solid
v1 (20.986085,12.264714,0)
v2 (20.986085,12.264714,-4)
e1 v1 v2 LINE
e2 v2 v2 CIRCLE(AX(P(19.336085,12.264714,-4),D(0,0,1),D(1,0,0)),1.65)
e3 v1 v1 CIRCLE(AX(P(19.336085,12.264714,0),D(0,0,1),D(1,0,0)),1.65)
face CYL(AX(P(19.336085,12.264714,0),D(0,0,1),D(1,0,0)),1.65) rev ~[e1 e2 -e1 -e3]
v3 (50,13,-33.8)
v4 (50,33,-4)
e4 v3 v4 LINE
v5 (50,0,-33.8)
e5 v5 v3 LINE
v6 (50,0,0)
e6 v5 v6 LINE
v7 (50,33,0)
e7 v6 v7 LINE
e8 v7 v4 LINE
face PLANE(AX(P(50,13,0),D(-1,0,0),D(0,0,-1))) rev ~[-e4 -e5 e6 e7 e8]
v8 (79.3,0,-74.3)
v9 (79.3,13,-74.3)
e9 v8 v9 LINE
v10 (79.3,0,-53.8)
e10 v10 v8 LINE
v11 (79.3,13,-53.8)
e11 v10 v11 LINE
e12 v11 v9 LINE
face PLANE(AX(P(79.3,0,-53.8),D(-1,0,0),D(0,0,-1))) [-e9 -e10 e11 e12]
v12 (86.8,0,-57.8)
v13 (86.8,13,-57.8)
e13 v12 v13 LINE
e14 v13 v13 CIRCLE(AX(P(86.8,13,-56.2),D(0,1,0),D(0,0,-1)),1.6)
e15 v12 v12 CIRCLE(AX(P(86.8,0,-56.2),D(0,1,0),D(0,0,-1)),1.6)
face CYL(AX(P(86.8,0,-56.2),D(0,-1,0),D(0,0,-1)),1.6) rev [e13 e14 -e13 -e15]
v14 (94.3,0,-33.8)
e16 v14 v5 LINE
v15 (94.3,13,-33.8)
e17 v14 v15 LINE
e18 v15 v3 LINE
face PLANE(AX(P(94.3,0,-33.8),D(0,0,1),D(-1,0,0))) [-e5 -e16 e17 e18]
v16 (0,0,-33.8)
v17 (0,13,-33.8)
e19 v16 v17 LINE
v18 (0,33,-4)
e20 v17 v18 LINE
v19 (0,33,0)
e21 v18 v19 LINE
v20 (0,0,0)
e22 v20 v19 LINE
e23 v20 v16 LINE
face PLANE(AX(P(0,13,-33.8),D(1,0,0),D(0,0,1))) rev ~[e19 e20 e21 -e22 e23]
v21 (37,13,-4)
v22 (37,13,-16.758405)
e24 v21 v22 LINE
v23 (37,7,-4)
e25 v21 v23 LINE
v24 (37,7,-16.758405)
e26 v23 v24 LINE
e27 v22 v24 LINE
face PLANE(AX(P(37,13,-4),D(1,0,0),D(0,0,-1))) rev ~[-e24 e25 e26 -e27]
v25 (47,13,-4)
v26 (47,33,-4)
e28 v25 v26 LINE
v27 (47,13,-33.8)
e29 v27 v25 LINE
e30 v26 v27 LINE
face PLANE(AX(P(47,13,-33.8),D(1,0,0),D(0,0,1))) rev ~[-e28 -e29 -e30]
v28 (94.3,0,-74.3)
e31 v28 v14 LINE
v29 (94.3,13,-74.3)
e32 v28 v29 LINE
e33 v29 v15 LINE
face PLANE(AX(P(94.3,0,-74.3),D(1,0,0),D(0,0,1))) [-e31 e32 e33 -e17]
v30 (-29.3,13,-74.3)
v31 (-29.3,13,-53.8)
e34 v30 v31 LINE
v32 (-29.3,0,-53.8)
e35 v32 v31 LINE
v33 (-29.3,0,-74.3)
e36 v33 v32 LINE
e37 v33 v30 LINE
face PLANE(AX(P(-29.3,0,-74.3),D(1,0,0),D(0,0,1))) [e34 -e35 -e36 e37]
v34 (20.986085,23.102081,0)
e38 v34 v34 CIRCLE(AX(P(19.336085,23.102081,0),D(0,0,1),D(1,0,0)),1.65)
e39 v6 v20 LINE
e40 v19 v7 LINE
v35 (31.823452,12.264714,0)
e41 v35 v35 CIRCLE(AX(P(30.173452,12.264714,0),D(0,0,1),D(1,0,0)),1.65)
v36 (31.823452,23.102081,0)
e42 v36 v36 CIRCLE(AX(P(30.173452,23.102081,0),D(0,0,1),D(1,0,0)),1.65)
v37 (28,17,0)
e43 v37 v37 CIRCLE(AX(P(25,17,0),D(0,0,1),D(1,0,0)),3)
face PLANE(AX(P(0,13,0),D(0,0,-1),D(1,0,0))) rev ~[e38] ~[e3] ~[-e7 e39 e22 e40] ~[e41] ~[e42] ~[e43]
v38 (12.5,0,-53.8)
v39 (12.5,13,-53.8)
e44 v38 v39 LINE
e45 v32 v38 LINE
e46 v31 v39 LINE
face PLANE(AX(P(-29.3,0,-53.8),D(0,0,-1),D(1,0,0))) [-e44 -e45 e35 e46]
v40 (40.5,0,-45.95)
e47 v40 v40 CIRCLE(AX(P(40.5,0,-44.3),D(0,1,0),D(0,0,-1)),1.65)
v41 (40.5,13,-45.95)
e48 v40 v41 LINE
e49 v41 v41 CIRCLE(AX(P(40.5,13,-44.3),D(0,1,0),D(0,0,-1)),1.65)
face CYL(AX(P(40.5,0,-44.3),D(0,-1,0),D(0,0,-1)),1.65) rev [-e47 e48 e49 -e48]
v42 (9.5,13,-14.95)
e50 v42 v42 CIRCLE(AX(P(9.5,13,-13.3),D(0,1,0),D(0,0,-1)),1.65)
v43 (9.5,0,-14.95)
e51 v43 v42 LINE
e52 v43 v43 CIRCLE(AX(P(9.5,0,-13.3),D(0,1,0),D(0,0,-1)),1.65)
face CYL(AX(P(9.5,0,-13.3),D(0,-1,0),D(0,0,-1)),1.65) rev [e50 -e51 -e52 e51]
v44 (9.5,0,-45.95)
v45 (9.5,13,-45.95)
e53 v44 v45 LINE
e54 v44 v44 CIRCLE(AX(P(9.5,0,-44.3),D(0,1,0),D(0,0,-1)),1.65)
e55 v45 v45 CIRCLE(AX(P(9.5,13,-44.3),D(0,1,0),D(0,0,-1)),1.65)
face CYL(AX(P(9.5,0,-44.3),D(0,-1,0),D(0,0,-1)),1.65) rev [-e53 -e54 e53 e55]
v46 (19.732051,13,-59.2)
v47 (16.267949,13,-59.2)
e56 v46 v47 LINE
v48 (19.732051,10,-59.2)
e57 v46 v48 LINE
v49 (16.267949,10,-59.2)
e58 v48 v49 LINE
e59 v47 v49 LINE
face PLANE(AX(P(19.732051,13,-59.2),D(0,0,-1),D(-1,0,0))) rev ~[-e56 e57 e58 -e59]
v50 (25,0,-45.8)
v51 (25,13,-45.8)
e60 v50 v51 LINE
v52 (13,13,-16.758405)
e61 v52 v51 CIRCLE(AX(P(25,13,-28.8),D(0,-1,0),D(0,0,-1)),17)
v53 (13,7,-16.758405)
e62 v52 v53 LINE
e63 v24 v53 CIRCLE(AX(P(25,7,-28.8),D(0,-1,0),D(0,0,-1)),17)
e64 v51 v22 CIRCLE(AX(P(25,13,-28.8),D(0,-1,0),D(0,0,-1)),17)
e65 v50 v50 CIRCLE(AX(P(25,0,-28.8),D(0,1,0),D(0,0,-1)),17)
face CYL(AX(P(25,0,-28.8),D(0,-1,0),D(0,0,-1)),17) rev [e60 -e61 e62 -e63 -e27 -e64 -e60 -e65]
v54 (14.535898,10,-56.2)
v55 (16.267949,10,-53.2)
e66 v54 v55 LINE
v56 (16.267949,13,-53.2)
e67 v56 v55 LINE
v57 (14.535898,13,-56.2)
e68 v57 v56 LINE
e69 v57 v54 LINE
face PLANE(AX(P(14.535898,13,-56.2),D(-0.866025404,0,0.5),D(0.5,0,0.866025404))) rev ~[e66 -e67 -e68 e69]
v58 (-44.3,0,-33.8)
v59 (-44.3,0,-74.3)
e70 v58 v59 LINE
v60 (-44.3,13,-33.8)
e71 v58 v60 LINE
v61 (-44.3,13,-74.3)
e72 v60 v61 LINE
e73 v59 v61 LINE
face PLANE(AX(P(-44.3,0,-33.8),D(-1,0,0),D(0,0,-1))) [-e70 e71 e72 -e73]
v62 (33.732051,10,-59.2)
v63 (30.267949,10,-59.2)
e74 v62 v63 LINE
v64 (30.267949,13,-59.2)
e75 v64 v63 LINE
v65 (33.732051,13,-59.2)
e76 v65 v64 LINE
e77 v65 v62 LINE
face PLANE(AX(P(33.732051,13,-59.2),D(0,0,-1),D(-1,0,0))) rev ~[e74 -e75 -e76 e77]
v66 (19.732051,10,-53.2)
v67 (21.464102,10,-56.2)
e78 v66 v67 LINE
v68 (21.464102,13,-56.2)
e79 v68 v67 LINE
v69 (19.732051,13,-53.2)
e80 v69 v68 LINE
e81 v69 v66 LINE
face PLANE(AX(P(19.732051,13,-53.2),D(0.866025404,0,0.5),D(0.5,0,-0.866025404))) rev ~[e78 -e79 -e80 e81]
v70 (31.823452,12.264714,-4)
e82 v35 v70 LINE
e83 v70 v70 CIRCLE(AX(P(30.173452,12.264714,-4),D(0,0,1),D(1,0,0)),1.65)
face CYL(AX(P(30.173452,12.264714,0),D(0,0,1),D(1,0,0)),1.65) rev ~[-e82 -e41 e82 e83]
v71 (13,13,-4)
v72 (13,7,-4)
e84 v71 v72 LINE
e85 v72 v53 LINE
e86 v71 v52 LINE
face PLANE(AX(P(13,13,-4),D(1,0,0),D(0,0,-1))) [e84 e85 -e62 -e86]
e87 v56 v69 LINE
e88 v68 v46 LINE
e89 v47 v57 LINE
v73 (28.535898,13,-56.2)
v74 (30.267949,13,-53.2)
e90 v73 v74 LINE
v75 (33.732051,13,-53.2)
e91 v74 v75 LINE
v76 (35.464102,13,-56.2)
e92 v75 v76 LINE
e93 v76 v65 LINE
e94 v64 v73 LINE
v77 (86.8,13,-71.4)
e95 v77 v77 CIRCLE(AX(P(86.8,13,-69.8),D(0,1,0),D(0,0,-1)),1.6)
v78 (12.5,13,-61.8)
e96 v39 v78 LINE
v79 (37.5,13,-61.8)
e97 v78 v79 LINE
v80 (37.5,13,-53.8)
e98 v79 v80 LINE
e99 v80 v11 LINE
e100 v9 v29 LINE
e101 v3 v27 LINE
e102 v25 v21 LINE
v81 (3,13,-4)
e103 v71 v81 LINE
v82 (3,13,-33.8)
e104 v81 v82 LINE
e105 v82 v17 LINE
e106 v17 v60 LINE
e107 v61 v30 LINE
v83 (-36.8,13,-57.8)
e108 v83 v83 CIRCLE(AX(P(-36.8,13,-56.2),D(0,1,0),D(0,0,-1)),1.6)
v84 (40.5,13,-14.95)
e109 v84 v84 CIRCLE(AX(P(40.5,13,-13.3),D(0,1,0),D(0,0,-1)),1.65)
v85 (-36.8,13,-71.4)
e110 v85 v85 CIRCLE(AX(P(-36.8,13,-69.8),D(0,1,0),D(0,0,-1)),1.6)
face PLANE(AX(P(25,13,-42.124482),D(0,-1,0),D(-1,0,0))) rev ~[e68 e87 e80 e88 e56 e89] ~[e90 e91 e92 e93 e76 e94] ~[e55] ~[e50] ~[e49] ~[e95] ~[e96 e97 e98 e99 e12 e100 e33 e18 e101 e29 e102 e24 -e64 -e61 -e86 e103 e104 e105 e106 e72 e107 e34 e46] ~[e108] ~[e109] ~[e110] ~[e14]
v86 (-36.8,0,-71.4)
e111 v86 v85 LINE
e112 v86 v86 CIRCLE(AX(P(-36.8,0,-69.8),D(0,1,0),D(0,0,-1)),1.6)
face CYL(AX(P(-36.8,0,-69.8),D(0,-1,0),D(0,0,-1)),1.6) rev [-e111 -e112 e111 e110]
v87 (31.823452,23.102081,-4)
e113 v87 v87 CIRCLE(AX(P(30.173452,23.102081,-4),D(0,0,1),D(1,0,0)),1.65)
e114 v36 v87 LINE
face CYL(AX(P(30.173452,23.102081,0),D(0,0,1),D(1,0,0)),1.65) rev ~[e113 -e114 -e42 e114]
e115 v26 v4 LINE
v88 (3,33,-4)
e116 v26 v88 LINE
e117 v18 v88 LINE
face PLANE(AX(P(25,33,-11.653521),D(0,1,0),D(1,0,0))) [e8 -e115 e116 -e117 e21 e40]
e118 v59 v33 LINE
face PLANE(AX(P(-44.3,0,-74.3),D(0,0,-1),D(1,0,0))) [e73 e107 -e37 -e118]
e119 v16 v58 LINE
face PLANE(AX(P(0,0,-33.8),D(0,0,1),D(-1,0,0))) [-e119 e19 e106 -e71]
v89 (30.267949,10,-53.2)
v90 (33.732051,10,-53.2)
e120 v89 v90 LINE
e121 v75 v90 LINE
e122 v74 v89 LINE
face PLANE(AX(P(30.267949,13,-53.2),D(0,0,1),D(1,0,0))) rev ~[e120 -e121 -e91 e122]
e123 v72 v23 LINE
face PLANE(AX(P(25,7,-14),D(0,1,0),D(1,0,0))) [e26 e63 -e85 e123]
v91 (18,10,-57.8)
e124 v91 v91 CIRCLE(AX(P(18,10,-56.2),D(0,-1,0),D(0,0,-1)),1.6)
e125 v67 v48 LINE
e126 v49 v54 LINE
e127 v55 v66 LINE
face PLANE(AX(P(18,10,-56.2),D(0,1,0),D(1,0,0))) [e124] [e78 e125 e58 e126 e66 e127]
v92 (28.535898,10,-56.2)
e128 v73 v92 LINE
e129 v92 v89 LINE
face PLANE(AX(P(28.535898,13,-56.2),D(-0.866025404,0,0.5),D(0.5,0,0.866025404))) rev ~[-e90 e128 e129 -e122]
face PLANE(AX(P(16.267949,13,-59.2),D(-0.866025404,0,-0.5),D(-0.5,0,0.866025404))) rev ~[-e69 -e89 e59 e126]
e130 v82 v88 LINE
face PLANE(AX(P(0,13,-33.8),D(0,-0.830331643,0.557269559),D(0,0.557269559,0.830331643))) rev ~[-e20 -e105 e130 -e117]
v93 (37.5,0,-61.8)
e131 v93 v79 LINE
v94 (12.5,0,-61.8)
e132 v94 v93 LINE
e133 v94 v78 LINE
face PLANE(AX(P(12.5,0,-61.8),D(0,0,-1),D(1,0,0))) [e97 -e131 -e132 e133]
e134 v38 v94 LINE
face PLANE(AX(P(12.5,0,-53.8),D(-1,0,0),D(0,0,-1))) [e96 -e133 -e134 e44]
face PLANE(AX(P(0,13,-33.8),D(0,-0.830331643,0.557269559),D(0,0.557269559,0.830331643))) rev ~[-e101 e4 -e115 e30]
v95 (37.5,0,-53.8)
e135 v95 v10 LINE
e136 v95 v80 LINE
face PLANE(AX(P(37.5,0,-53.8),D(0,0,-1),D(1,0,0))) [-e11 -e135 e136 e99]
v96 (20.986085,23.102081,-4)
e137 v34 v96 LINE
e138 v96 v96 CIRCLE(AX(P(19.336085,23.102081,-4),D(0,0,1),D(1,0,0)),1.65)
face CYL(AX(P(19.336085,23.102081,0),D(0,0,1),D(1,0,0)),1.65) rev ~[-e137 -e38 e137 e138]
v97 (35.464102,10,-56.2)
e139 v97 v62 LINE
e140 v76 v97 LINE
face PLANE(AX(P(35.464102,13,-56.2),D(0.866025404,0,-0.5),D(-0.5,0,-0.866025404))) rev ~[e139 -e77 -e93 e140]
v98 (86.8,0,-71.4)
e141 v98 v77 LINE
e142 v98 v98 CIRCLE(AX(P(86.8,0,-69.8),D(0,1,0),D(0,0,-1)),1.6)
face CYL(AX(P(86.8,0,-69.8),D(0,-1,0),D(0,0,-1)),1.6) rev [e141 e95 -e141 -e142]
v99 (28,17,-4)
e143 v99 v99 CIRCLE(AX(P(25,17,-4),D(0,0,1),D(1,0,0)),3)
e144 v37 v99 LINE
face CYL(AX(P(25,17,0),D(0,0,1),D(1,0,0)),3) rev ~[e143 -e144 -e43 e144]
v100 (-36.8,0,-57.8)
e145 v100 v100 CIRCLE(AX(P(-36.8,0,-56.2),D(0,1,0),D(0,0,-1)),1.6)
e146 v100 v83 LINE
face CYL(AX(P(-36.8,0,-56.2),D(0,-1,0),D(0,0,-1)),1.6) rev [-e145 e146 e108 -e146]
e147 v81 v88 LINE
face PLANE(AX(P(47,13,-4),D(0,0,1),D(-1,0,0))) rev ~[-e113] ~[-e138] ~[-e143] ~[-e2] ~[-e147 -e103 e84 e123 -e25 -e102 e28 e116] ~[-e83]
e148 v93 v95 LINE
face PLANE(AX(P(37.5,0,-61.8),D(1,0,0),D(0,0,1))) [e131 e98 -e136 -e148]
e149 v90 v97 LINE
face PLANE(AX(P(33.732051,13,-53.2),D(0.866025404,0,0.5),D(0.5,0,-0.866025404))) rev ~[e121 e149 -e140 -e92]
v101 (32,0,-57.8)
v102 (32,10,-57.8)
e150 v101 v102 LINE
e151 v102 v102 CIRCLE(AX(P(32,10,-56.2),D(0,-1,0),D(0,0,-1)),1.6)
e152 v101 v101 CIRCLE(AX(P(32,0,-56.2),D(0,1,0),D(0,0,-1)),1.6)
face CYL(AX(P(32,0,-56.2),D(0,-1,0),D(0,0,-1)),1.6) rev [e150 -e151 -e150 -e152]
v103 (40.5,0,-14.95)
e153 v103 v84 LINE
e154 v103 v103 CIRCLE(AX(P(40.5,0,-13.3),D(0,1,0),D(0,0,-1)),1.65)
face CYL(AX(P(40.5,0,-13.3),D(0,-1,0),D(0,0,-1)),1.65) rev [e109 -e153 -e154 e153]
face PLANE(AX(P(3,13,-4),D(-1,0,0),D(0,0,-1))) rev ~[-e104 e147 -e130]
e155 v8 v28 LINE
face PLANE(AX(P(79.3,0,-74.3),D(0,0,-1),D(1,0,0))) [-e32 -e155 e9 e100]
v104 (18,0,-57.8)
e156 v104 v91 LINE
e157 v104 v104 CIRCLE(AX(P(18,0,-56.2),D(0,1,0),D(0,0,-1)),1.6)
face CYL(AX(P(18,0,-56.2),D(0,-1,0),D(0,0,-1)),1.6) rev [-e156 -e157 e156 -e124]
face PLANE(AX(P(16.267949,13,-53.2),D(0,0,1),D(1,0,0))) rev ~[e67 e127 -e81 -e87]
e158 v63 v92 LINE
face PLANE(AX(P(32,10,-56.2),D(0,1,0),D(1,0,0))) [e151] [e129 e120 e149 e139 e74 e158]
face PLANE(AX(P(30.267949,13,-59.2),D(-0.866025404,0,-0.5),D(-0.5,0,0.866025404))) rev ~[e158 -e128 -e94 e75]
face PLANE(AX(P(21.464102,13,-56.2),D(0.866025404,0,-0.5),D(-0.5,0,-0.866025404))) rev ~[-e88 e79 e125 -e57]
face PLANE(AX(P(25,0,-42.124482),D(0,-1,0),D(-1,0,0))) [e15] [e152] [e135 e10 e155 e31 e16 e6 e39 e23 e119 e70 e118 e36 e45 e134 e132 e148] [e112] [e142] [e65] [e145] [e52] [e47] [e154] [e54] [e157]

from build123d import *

# Parameters (mm, degrees)
SKETCH_2_R          = 1.6
SKETCH_2_R_2        = 17
SKETCH_2_R_3        = 1.65
EXTRUDE_2_DEPTH     = 13
CUT_EXTRUDE_1_DEPTH = 3
EXTRUDE_3_DEPTH     = 20
CUT_EXTRUDE_2_DEPTH = 125.506947597
SKETCH_8_W          = 24
SKETCH_8_H          = 20
CUT_EXTRUDE_3_DEPTH = 6
SKETCH_10_R         = 3
SKETCH_10_R_2       = 1.65
CUT_EXTRUDE_4_DEPTH = 5


with BuildPart() as part:
    # 草图2 → 凸台-拉伸2 (new body)
    with BuildSketch(Plane(origin=(0, 0, 0), x_dir=(1, 0, 0), z_dir=(0, 1, 0))):
        Polygon((-44.3, 33.8), (-44.3, 74.3), (-29.3, 74.3), (-29.3, 53.8), (12.5, 53.8), (12.5, 61.8), (37.5, 61.8), (37.5, 53.8), (79.3, 53.8), (79.3, 74.3), (94.3, 74.3), (94.3, 33.8), (50, 33.8), (50, 0), (0, 0), (0, 33.8), align=None)
        with Locations(Location((-36.8, 69.8, 0), (0, 0, 90))):
            Circle(SKETCH_2_R, mode=Mode.SUBTRACT)
        with Locations(Location((-36.8, 56.2, 0), (0, 0, 90))):
            Circle(SKETCH_2_R, mode=Mode.SUBTRACT)
        with Locations(Location((86.8, 69.8, 0), (0, 0, 90))):
            Circle(SKETCH_2_R, mode=Mode.SUBTRACT)
        with Locations(Location((86.8, 56.2, 0), (0, 0, 90))):
            Circle(SKETCH_2_R, mode=Mode.SUBTRACT)
        with Locations(Location((18, 56.2, 0), (0, 0, 90))):
            Circle(SKETCH_2_R, mode=Mode.SUBTRACT)
        with Locations(Location((32, 56.2, 0), (0, 0, 90))):
            Circle(SKETCH_2_R, mode=Mode.SUBTRACT)
        with Locations(Location((25, 28.8, 0), (0, 0, 90))):
            Circle(SKETCH_2_R_2, mode=Mode.SUBTRACT)
        with Locations(Location((40.5, 44.3, 0), (0, 0, 90))):
            Circle(SKETCH_2_R_3, mode=Mode.SUBTRACT)
        with Locations(Location((40.5, 13.3, 0), (0, 0, 90))):
            Circle(SKETCH_2_R_3, mode=Mode.SUBTRACT)
        with Locations(Location((9.5, 13.3, 0), (0, 0, 90))):
            Circle(SKETCH_2_R_3, mode=Mode.SUBTRACT)
        with Locations(Location((9.5, 44.3, 0), (0, 0, 90))):
            Circle(SKETCH_2_R_3, mode=Mode.SUBTRACT)
    extrude(amount=EXTRUDE_2_DEPTH)

    # 草图3 → 切除-拉伸1 (cut)
    with BuildSketch(Plane(origin=(0, 13, 0), x_dir=(1, 0, 0), z_dir=(0, 1, 0))):
        Polygon((21.464101615, 56.2), (19.732050808, 59.2), (16.267949192, 59.2), (14.535898385, 56.2), (16.267949192, 53.2), (19.732050808, 53.2), align=None)
        Polygon((35.464101615, 56.2), (33.732050808, 59.2), (30.267949192, 59.2), (28.535898385, 56.2), (30.267949192, 53.2), (33.732050808, 53.2), align=None)
    extrude(amount=-CUT_EXTRUDE_1_DEPTH, mode=Mode.SUBTRACT)

    # 草图6 → 凸台-拉伸3 (add)
    with BuildSketch(Plane(origin=(0, 13, 0), x_dir=(1, 0, 0), z_dir=(0, 1, 0))):
        Polygon((0, 33.8), (0, 0), (50, 0), (50, 33.8), (47, 33.8), (47, 4), (3, 4), (3, 33.8), align=None)
    extrude(amount=EXTRUDE_3_DEPTH)

    # 草图7 → 切除-拉伸2 (cut, through all)
    with BuildSketch(Plane.ZY):
        Polygon((-33.8, 13), (-4, 33), (-33.8, 33), align=None)
    extrude(amount=-CUT_EXTRUDE_2_DEPTH, mode=Mode.SUBTRACT)

    # 草图8 → 切除-拉伸3 (cut)
    with BuildSketch(Plane(origin=(0, 13, 0), x_dir=(1, 0, 0), z_dir=(0, 1, 0))):
        with Locations((25, 14)):
            Rectangle(SKETCH_8_W, SKETCH_8_H)
    extrude(amount=-CUT_EXTRUDE_3_DEPTH, mode=Mode.SUBTRACT)

    # 草图10 → 切除-拉伸4 (cut)
    with BuildSketch(Plane.XY):
        with Locations((25, 17)):
            Circle(SKETCH_10_R)
        with Locations((30.173451969, 23.102081179)):
            Circle(SKETCH_10_R_2)
        with Locations((30.173451969, 12.264714161)):
            Circle(SKETCH_10_R_2)
        with Locations((19.336084951, 12.264714161)):
            Circle(SKETCH_10_R_2)
        with Locations((19.336084951, 23.102081179)):
            Circle(SKETCH_10_R_2)
    extrude(amount=-CUT_EXTRUDE_4_DEPTH, mode=Mode.SUBTRACT)


solid = part.part
